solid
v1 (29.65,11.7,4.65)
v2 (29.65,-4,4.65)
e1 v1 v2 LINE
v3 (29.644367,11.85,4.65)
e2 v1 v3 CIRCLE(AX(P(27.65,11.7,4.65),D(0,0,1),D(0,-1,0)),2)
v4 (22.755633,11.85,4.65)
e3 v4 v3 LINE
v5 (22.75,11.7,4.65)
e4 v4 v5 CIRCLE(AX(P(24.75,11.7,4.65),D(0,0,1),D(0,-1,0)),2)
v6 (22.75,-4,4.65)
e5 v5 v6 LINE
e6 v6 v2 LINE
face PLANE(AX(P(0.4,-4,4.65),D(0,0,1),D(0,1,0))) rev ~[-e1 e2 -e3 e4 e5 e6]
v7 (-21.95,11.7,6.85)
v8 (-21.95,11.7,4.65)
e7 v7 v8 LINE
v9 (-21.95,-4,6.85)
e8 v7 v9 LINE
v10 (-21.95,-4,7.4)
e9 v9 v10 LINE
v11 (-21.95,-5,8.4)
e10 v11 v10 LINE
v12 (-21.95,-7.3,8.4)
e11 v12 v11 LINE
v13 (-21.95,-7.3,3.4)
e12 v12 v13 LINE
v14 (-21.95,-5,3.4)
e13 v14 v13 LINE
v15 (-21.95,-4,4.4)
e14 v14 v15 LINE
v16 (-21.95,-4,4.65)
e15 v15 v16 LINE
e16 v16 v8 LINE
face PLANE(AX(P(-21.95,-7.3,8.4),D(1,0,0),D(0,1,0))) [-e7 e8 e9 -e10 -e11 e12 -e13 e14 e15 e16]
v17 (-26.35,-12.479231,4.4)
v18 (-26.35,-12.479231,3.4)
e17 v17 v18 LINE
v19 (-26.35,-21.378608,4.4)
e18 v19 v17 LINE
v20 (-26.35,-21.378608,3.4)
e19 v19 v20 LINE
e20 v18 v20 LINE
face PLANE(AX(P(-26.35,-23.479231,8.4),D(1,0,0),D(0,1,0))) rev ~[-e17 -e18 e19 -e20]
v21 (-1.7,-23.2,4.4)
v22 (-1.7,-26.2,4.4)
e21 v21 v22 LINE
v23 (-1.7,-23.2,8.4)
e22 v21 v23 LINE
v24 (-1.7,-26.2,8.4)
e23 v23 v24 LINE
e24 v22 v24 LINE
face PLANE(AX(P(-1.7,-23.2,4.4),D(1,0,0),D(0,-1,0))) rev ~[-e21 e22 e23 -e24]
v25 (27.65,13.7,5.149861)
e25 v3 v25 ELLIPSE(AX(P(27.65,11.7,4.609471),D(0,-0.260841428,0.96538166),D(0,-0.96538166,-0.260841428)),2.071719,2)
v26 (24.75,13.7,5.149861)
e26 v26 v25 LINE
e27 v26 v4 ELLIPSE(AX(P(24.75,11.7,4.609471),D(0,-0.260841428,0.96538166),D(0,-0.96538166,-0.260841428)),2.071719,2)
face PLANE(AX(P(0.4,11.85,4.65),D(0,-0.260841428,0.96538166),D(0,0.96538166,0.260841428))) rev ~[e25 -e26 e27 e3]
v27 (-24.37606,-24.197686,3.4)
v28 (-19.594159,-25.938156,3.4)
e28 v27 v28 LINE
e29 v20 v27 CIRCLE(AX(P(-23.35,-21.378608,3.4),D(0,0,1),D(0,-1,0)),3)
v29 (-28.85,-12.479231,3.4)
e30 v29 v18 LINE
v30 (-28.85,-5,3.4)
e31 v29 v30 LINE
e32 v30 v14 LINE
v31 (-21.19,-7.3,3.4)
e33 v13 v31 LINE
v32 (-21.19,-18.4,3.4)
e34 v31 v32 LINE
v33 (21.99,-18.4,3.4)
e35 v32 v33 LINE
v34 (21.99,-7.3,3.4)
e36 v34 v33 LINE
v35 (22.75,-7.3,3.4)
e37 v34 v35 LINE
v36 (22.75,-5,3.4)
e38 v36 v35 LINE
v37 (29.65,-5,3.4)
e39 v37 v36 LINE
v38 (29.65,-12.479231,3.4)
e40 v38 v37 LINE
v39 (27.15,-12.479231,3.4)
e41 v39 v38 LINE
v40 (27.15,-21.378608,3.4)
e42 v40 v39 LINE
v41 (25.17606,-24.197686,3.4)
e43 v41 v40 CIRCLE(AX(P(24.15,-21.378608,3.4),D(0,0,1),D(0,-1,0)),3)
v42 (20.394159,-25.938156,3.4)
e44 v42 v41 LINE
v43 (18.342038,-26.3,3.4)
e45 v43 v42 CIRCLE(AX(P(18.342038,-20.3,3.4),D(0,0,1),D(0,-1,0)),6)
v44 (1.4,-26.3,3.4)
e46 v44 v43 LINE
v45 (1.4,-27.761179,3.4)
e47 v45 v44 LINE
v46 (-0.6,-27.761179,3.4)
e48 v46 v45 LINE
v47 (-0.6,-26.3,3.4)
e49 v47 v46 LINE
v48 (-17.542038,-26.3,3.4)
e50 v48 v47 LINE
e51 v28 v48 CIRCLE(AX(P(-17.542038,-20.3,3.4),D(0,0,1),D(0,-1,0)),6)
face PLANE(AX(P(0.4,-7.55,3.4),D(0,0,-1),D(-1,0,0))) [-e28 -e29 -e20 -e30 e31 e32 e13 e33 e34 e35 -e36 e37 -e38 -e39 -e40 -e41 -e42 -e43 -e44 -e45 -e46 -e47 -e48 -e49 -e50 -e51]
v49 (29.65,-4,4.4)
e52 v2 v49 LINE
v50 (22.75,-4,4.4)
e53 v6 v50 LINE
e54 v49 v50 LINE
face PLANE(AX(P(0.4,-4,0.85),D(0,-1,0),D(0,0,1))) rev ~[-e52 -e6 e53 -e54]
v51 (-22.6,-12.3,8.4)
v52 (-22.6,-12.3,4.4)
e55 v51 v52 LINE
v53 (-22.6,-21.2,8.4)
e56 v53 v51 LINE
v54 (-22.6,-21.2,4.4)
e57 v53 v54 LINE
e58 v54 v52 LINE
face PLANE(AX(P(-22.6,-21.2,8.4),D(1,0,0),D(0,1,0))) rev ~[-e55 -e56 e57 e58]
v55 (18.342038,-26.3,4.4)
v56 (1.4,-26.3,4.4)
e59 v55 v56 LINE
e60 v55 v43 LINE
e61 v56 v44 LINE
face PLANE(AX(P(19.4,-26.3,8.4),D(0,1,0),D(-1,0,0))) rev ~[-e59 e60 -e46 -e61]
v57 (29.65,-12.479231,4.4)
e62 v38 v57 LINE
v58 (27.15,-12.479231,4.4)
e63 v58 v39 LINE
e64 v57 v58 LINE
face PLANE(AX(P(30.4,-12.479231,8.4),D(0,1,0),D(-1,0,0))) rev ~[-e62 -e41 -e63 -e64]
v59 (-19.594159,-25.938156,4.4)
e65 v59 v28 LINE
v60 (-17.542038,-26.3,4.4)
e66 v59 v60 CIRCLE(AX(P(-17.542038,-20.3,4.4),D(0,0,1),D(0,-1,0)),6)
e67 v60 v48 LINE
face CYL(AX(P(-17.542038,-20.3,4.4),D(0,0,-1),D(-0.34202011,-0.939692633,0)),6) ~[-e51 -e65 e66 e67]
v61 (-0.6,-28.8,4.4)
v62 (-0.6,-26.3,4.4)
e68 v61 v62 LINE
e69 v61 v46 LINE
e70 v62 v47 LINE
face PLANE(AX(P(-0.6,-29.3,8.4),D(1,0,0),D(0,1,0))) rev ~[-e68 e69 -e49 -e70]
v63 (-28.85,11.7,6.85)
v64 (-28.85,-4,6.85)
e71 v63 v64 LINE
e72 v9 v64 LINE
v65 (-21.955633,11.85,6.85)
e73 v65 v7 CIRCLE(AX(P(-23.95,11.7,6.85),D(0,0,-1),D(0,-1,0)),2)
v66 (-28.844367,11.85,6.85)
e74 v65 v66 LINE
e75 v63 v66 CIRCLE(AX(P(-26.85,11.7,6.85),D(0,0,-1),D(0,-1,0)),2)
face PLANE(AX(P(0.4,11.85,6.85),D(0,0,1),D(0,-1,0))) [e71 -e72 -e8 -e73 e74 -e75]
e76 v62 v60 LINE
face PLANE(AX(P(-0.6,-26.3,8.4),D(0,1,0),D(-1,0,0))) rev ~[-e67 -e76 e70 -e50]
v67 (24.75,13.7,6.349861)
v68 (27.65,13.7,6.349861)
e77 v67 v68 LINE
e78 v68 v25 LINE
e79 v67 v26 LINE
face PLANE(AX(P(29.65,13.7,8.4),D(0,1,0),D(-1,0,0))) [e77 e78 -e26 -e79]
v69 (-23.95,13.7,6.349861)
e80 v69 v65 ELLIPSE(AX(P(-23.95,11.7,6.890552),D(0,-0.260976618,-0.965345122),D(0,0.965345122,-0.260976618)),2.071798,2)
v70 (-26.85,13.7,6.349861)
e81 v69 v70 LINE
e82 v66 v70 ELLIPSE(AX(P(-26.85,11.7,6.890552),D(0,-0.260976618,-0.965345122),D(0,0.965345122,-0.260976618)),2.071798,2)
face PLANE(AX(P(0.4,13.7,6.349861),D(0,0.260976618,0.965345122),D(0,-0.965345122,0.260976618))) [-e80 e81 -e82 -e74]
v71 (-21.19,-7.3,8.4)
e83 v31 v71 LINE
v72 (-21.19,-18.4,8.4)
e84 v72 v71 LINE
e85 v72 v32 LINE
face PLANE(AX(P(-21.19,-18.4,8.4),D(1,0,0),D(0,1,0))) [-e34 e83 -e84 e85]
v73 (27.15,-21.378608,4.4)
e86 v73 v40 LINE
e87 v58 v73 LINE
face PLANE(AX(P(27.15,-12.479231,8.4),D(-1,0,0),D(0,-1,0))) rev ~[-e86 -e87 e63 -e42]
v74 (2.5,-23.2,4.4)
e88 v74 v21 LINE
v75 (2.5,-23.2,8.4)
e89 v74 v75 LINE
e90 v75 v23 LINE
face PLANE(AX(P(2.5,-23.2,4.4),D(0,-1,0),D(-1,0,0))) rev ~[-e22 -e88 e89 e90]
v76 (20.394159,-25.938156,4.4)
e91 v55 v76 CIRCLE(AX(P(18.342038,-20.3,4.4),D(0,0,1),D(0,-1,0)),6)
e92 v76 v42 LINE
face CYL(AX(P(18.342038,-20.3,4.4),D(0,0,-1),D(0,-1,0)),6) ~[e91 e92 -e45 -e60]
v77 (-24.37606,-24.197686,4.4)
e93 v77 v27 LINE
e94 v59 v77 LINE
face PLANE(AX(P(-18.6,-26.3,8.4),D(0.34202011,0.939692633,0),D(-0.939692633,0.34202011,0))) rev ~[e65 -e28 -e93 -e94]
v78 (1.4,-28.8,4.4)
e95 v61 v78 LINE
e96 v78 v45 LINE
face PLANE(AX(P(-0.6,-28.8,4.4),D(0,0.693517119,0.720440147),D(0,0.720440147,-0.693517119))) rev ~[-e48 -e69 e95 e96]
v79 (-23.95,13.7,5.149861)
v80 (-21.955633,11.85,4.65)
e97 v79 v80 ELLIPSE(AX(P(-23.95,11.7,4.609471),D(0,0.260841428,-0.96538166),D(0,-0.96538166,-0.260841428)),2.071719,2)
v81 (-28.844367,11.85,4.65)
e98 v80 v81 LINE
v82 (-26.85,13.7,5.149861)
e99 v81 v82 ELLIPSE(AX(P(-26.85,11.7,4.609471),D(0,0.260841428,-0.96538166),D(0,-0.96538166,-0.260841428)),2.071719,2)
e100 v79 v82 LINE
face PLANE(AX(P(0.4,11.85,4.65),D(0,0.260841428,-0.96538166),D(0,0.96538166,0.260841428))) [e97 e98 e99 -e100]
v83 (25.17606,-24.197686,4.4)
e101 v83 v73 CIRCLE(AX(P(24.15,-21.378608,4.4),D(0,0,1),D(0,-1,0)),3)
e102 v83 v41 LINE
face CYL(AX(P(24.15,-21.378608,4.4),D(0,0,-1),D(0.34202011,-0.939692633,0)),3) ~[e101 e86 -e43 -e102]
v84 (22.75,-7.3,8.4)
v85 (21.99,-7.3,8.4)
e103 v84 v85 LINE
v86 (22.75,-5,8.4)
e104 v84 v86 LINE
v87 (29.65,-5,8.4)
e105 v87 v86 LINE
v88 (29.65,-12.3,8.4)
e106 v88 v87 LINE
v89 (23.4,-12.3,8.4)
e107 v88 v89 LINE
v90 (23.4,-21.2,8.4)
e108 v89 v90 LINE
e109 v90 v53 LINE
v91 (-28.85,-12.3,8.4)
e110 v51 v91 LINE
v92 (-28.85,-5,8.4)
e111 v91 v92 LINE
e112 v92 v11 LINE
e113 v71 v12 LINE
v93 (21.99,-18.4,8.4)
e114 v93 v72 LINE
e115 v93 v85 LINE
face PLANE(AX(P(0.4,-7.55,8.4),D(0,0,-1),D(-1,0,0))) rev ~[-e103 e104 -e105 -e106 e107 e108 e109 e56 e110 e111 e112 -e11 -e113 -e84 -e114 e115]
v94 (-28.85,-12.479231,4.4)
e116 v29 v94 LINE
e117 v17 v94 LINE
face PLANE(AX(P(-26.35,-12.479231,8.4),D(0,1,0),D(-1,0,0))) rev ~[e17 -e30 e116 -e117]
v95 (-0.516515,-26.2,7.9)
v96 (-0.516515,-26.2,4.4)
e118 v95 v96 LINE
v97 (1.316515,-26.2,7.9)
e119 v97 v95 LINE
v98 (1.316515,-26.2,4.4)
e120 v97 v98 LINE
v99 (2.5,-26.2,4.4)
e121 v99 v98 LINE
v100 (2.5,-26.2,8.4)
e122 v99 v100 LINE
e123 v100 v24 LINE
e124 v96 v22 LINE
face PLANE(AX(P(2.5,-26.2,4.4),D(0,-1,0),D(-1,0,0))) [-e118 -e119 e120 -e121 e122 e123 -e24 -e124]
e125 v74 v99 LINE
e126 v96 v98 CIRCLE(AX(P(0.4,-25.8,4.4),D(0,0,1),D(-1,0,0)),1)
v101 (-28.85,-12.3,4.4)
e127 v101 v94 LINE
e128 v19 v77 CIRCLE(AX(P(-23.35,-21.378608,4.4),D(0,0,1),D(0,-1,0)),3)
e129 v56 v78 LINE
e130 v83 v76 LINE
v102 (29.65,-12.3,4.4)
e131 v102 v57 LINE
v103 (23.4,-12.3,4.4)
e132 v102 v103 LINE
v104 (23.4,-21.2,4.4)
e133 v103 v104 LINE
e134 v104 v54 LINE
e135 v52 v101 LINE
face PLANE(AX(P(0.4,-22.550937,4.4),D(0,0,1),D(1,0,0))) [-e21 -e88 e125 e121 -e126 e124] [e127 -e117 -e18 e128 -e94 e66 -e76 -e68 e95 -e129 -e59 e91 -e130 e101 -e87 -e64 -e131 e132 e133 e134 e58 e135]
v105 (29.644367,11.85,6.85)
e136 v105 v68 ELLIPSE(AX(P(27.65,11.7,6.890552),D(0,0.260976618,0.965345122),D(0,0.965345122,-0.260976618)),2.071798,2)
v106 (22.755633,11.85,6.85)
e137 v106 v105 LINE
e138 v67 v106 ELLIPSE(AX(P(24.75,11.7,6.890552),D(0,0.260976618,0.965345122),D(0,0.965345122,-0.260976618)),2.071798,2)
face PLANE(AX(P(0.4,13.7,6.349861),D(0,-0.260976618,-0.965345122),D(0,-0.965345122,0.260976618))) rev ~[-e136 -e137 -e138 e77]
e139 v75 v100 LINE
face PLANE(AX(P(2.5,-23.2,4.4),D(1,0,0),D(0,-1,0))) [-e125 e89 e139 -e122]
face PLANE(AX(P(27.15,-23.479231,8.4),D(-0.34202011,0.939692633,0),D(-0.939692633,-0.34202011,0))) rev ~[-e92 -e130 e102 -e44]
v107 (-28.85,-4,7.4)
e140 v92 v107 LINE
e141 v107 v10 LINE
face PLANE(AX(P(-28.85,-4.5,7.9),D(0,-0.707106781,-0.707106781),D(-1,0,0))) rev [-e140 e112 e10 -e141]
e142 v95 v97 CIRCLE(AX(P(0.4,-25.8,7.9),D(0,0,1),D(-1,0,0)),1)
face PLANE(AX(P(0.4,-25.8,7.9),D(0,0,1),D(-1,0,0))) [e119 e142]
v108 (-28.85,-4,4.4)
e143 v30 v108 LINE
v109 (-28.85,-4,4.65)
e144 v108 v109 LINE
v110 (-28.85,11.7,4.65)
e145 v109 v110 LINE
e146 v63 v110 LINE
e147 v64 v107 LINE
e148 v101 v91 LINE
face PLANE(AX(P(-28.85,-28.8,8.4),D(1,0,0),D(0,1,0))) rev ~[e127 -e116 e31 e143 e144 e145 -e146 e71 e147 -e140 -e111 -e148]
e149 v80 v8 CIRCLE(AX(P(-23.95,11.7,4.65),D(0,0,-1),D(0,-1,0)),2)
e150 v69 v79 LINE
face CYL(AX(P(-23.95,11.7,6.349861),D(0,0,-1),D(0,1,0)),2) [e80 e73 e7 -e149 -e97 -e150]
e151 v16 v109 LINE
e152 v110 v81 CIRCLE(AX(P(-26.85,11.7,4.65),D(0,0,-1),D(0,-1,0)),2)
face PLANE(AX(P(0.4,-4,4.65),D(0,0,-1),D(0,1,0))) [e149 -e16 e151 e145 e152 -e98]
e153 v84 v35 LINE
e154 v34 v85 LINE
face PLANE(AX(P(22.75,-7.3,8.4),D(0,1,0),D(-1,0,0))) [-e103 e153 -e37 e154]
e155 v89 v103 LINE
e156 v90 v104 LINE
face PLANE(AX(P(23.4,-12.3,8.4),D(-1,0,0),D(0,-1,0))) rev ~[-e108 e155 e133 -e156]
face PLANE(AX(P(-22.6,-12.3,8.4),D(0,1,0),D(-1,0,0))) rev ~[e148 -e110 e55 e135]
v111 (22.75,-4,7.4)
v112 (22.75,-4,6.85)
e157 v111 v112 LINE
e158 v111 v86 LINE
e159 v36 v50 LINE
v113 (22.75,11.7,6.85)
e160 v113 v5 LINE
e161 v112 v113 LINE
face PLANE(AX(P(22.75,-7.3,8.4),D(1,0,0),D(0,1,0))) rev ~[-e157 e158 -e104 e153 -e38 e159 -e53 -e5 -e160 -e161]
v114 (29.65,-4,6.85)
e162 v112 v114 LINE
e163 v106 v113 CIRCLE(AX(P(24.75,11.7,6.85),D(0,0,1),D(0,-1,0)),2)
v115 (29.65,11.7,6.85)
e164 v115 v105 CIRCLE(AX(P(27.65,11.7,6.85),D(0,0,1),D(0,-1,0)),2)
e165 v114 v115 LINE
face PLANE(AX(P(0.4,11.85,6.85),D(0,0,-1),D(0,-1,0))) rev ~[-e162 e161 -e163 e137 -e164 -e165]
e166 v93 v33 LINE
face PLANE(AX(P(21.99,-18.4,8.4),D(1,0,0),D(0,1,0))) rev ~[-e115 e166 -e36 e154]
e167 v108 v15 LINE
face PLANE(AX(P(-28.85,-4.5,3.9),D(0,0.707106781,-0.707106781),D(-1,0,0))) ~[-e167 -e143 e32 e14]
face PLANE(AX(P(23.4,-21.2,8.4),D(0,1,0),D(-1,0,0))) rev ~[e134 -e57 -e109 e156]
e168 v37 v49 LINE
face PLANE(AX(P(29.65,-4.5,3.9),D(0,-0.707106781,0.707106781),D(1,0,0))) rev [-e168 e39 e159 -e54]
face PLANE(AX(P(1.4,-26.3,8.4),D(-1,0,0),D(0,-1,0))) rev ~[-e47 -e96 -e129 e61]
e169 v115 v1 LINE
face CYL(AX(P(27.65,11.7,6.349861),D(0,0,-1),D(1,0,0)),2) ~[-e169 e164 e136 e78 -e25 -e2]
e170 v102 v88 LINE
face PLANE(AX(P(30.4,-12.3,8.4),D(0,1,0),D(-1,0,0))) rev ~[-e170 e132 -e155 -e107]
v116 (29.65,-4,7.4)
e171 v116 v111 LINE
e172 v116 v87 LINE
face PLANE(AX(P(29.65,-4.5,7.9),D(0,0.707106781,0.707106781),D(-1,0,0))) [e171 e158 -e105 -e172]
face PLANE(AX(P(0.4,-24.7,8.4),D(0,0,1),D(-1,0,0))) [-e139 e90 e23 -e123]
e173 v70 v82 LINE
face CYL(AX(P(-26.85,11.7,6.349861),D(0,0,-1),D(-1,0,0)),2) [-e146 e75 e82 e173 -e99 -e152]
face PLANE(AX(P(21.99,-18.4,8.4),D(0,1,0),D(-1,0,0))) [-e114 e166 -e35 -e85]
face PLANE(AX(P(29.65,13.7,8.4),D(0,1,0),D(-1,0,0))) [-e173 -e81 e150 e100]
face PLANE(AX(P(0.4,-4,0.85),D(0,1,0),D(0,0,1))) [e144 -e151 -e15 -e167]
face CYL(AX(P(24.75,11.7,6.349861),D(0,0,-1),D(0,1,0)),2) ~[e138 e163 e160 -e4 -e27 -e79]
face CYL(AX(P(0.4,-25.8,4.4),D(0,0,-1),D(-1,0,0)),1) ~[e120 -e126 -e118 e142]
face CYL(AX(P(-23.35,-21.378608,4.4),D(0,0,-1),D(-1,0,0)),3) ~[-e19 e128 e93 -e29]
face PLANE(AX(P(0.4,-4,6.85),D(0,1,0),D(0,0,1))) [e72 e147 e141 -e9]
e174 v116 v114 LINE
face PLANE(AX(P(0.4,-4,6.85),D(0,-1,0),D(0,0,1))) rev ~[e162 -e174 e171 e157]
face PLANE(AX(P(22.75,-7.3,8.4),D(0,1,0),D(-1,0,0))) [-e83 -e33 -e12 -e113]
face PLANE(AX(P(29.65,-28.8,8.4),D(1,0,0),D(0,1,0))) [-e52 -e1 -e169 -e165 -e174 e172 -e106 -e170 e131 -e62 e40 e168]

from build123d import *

# Parameters (mm, degrees)
SKETCH_W             = 58.5
SKETCH_H             = 42.5
PAD_DEPTH            = 5
SKETCH002_W          = 43.18
SKETCH002_H          = 32.1
POCKET_DEPTH         = 5.001
SKETCH003_W          = 44.7
SKETCH003_H          = 21
POCKET001_DEPTH      = 5.001
POCKET004_DEPTH      = 4
SKETCH009_W          = 4.2
SKETCH009_H          = 3
PAD002_DEPTH         = 4
POCKET017_DEPTH      = 29.251
POCKET017_DEPTH_BACK = 29.251
SKETCH008_R          = 1
PAD016_DEPTH         = 3.5
POCKET018_DEPTH      = 5.001
FILLET_R             = 2
FILLET001_R          = 3
FILLET002_R          = 6
POCKET020_DEPTH      = 30.251
POCKET020_DEPTH_BACK = 28.251
CHAMFER_SIZE         = 1
BODY_PLACEMENT_ANGLE = 180


with BuildPart() as part:
    # Sketch → Pad (new body)
    with BuildSketch(Plane.XY):
        with Locations((0, 18.75)):
            Rectangle(SKETCH_W, SKETCH_H)
    extrude(amount=PAD_DEPTH)

    # Sketch002 → Pocket (cut, through all)
    with BuildSketch(Plane.XY):
        with Locations((0, 23.95)):
            Rectangle(SKETCH002_W, SKETCH002_H)
    extrude(amount=POCKET_DEPTH, mode=Mode.SUBTRACT)

    # Sketch003 → Pocket001 (cut, through all)
    with BuildSketch(Plane.XY):
        with Locations((0, 29.5)):
            Rectangle(SKETCH003_W, SKETCH003_H)
    extrude(amount=POCKET001_DEPTH, mode=Mode.SUBTRACT)

    # Sketch006 → Pocket004 (cut)
    with BuildSketch(Plane.XY):
        Polygon((-30, 14), (-23, 14), (-23, 5.1), (23, 5.1), (23, 14), (30, 14), (30, -2.5), (-30, -2.5), align=None)
    extrude(amount=POCKET004_DEPTH, mode=Mode.SUBTRACT)

    # Sketch009 → Pad002 (join)
    with BuildSketch(Plane(origin=(0, 0, 4), x_dir=(1, 0, 0), z_dir=(0, 0, -1))):
        with Locations((0, -1.6)):
            Rectangle(SKETCH009_W, SKETCH009_H)
    extrude(amount=PAD002_DEPTH)

    # Sketch005 → Pocket017 (cut, two sides)
    with BuildSketch(Plane.YZ) as pocket017_sk:
        Polygon((22.3, 7.55), (22.3, 3.75), (38.15, 3.75), (40, 3.250139), (40, 2.050139), (38.15, 1.55), (22.3, 1.55), (22.3, -2.25), (45.66, -2.25), (45.66, 7.55), align=None)
    extrude(amount=-POCKET017_DEPTH, mode=Mode.SUBTRACT)
    extrude(pocket017_sk.sketch, amount=POCKET017_DEPTH_BACK, mode=Mode.SUBTRACT)

    # Sketch008 (on Face13 of Pocket017) → Pad016 (join)
    with BuildSketch(Plane(origin=(0, 0, 4), x_dir=(1, 0, 0), z_dir=(0, 0, -1))):
        with Locations((0, -0.5)):
            Circle(SKETCH008_R)
    extrude(amount=PAD016_DEPTH)

    # Sketch034 → Pocket018 (cut, through all)
    with BuildSketch(Plane.XY):
        Polygon((-19, 0), (-1, 0), (-1, -3), (1, -3), (1, 0), (19, 0), (26.75, 2.820769), (26.75, 13.820769), (30, 13.820769), (30, -4), (-30, -4), (-30, 13.820769), (-26.75, 13.820769), (-26.75, 2.820769), align=None)
    extrude(amount=POCKET018_DEPTH, mode=Mode.SUBTRACT)

    # Fillet
    fillet_edges = [part.edges().sort_by_distance(p)[0] for p in [
        (29.25, 40, 2.650139),
        (22.35, 40, 2.650139),
        (-22.35, 40, 2.650139),
        (-29.25, 40, 2.650139),
    ]]
    fillet(fillet_edges, radius=FILLET_R)

    # Fillet001
    fillet001_edges = [part.edges().sort_by_distance(p)[0] for p in [
        (26.75, 2.820769, 4.5),
        (-26.75, 2.820769, 4.5),
    ]]
    fillet(fillet001_edges, radius=FILLET001_R)

    # Fillet002
    fillet002_edges = [part.edges().sort_by_distance(p)[0] for p in [
        (-19, 0, 4.5),
        (19, 0, 4.5),
    ]]
    fillet(fillet002_edges, radius=FILLET002_R)

    # Sketch038 (on Face7 of Fillet002) → Pocket020 (cut, two sides)
    with BuildSketch(Plane.YZ.offset(1)) as pocket020_sk:
        Polygon((-2.5, 4), (-1.461179, 5), (-1.461179, 5.705107), (-3.685712, 5.705107), (-3.685712, 4.047004), align=None)
    extrude(amount=-POCKET020_DEPTH, mode=Mode.SUBTRACT)
    extrude(pocket020_sk.sketch, amount=POCKET020_DEPTH_BACK, mode=Mode.SUBTRACT)

    # Chamfer
    chamfer_edges = [part.edges().sort_by_distance(p)[0] for p in [
        (-25.8, 22.3, 0),
        (-25.8, 22.3, 5),
        (25.8, 22.3, 5),
        (25.8, 22.3, 0),
    ]]
    chamfer(chamfer_edges, length=CHAMFER_SIZE)


with BuildPart() as part_1:
    # Body placement: moved
    add(part.part.moved(Location((0.4, -26.3, 8.4))).rotate(Axis((0.4, -26.3, 8.4), (0, 1, 0)), BODY_PLACEMENT_ANGLE))


solid = part_1.part
